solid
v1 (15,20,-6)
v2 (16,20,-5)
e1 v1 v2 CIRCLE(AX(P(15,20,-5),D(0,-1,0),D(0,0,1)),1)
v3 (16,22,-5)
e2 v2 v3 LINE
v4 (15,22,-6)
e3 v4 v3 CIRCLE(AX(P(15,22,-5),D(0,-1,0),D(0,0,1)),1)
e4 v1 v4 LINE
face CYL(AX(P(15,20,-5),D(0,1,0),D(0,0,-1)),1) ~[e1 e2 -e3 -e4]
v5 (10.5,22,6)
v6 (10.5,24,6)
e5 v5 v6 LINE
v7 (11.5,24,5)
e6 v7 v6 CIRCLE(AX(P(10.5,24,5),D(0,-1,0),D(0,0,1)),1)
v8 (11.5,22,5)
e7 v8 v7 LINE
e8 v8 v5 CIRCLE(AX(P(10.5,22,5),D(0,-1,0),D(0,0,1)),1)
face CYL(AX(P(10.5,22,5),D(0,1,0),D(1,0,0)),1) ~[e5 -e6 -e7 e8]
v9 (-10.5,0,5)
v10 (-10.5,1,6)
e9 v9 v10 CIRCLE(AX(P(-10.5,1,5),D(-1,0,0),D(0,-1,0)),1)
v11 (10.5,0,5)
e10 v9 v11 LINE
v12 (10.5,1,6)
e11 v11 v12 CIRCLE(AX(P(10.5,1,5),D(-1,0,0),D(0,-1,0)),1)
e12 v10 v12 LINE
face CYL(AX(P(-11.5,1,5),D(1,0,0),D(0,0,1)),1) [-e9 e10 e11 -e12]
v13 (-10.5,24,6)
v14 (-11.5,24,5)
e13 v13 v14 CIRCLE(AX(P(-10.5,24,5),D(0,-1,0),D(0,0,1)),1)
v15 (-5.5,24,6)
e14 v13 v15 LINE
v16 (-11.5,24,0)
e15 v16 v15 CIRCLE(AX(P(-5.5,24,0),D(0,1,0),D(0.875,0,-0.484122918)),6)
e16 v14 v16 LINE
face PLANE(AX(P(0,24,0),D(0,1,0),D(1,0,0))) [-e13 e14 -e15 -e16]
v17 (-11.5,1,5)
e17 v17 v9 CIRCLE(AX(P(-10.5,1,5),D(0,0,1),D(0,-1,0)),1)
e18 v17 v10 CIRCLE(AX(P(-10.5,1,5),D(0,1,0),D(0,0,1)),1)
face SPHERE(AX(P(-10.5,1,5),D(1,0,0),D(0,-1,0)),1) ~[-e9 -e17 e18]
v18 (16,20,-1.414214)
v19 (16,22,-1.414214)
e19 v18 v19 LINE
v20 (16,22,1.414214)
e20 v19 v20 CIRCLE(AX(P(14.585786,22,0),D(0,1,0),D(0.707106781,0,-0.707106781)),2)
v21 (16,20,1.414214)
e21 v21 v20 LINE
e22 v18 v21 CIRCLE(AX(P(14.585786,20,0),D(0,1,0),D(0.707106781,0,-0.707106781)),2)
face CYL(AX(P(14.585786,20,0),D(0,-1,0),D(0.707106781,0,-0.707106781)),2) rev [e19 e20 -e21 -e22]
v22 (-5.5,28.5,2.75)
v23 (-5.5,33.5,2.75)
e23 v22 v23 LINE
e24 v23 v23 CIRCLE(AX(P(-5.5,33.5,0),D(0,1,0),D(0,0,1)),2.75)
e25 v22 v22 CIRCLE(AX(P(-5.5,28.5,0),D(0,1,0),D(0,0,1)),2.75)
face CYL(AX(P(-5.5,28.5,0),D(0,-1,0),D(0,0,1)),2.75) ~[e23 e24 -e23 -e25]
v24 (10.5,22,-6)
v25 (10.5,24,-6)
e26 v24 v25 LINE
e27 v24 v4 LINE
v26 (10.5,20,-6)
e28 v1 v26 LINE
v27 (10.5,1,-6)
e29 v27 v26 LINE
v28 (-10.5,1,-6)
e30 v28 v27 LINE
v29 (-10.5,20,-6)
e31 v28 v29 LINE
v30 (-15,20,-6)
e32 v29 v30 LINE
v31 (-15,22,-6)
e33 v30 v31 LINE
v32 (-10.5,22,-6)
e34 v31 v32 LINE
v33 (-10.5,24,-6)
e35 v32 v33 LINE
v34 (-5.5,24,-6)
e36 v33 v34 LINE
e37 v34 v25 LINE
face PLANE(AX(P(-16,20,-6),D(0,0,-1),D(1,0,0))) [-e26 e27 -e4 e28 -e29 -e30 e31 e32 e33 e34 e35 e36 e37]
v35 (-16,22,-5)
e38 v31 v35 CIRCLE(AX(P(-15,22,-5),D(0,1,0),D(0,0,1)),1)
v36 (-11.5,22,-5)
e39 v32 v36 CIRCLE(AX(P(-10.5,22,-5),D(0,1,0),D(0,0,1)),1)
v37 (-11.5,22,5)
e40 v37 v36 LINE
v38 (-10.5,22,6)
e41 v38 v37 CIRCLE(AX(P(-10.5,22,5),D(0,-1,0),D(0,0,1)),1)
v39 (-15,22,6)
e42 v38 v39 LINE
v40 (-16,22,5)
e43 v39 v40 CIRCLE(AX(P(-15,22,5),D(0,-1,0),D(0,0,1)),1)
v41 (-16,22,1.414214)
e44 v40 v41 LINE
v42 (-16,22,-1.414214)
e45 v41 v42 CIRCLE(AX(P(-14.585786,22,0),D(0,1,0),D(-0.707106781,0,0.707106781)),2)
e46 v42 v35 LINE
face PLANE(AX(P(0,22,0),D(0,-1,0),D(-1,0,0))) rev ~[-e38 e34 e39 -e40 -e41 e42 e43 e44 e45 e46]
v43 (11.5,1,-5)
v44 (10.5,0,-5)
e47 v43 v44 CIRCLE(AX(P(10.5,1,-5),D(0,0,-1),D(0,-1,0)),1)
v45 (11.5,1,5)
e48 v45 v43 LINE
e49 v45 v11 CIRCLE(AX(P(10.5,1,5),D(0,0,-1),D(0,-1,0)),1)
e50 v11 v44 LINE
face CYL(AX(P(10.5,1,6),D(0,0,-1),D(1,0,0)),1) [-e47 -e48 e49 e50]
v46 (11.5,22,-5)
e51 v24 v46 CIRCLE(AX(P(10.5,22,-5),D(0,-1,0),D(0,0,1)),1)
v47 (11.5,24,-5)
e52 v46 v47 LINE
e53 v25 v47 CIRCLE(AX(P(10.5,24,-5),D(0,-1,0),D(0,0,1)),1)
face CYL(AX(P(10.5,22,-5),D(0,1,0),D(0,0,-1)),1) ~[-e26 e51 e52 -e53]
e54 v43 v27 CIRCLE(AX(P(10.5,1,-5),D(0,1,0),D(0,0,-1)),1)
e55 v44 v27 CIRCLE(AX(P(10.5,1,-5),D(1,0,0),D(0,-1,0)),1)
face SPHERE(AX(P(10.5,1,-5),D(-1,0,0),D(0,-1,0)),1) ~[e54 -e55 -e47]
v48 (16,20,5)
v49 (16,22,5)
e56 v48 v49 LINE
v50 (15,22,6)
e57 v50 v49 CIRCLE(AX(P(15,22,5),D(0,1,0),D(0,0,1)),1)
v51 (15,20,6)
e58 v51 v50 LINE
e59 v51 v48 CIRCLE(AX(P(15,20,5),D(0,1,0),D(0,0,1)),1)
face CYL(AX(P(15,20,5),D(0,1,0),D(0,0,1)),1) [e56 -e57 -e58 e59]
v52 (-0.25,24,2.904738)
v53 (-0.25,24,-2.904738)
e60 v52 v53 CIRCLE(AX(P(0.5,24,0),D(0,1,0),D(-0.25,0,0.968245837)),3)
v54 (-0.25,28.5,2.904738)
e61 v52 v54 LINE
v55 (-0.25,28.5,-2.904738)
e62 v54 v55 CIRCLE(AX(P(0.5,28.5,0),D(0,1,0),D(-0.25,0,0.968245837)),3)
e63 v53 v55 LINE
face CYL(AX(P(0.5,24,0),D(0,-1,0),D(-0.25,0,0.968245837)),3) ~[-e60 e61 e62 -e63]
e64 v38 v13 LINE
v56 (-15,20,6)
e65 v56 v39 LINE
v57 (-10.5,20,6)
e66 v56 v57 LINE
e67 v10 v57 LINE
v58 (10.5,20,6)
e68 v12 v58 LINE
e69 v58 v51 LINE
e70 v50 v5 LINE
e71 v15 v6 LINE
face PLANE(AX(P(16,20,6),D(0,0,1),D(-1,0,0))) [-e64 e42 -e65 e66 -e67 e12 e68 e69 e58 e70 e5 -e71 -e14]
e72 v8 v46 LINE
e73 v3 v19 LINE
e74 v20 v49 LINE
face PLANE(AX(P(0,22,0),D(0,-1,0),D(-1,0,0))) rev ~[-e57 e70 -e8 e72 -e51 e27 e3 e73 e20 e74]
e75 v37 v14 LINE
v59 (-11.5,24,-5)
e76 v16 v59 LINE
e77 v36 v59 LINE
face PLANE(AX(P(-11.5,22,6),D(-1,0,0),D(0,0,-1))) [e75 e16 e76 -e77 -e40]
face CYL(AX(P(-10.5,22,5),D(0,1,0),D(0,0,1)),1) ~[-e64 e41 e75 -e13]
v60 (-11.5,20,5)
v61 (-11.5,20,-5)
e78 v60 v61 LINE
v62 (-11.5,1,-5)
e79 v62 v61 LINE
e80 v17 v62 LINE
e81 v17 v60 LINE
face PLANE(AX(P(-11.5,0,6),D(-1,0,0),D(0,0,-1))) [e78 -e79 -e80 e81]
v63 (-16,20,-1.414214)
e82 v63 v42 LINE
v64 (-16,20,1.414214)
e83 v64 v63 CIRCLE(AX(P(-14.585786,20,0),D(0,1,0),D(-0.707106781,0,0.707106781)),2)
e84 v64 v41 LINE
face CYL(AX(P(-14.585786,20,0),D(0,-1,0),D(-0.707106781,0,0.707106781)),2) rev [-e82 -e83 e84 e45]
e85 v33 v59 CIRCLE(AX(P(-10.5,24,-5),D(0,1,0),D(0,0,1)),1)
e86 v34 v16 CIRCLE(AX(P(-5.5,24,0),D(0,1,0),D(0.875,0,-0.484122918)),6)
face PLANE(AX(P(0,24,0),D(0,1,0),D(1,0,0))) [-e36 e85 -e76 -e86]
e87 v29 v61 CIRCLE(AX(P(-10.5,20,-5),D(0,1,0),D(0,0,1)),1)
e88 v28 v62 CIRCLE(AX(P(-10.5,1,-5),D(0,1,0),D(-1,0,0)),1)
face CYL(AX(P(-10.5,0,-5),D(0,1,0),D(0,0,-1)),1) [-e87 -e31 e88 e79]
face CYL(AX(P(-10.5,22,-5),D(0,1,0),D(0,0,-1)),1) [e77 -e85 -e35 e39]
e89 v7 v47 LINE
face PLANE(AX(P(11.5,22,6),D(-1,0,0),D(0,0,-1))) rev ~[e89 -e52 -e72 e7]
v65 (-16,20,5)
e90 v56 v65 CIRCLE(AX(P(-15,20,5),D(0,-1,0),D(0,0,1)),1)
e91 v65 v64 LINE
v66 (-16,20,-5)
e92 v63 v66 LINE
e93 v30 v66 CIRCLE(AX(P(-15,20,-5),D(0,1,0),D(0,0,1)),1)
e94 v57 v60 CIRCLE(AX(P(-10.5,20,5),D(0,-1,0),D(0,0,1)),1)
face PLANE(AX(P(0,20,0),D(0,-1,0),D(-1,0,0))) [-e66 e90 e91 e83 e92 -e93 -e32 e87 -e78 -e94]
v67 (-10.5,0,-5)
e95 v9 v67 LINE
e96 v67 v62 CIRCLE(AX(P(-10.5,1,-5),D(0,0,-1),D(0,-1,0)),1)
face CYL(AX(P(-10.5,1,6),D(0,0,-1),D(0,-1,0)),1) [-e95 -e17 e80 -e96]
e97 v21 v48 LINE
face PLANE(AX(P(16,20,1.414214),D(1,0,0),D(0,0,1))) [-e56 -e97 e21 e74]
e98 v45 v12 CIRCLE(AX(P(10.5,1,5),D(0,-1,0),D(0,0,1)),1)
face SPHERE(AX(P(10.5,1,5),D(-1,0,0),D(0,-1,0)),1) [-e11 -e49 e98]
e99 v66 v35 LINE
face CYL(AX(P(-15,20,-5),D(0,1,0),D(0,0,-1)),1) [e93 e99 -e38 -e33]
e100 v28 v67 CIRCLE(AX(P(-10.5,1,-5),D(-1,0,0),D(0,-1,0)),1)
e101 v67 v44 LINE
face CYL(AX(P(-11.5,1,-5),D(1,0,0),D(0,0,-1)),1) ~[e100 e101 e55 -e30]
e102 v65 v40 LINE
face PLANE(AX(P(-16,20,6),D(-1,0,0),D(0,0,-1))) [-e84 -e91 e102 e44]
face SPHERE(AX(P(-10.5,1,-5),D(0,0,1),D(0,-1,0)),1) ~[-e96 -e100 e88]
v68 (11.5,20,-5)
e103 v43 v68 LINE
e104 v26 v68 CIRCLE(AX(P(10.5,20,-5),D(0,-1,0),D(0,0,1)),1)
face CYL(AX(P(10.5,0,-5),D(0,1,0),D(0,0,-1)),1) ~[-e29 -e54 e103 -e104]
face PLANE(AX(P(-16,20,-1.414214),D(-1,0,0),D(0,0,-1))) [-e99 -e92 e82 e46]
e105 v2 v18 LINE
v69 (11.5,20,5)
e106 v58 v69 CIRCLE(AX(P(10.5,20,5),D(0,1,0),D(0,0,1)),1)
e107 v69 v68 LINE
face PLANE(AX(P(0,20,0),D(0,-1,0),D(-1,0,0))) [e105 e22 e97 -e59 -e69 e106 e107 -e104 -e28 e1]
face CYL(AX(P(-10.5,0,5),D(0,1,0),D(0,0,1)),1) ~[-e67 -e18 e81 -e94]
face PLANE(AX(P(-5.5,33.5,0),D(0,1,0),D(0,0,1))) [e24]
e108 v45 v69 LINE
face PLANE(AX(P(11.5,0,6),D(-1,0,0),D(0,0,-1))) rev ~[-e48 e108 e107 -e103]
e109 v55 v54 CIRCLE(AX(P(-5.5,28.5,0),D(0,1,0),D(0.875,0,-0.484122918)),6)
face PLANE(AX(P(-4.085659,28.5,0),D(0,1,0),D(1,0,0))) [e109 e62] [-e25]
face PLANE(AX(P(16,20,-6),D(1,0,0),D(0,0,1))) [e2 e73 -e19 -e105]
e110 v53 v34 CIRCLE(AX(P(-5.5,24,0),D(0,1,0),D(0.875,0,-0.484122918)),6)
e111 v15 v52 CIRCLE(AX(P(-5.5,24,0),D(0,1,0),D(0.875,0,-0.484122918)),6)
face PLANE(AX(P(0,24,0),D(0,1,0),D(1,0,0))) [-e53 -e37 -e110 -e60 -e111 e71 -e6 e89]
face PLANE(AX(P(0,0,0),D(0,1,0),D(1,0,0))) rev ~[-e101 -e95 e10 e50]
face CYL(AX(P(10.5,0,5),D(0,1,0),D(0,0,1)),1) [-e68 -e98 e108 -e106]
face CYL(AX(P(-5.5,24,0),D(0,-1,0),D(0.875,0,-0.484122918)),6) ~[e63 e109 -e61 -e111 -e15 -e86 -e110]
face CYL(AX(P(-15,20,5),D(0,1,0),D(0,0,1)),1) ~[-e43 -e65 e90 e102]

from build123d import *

# Parameters (mm, degrees)
SKETCH1_W           = 23
SKETCH1_H           = 12
BOSS_EXTRUDE1_DEPTH = 20
BOSS_EXTRUDE2_DEPTH = 2
SKETCH3_W           = 23
SKETCH3_H           = 12
BOSS_EXTRUDE3_DEPTH = 2
BOSS_EXTRUDE4_DEPTH = 4.5
SKETCH5_R           = 2.75
BOSS_EXTRUDE5_DEPTH = 5
FILLET1_R           = 1


with BuildPart() as part:
    # Sketch1 → Boss-Extrude1 (new body)
    with BuildSketch(Plane(origin=(0, 0, 0), x_dir=(1, 0, 0), z_dir=(0, 1, 0))):
        Rectangle(SKETCH1_W, SKETCH1_H)
    extrude(amount=BOSS_EXTRUDE1_DEPTH)

    # Sketch2 → Boss-Extrude2 (add)
    with BuildSketch(Plane(origin=(0, 20, 0), x_dir=(1, 0, 0), z_dir=(0, 1, 0))):
        with BuildLine():
            Line((-16, 6), (16, 6))
            Line((16, 6), (16, 1.414213562))
            ThreePointArc((16, 1.414213562), (12.585786438, 0), (16, -1.414213562))
            Line((16, -1.414213562), (16, -6))
            Line((16, -6), (-16, -6))
            Line((-16, -6), (-16, -1.414213562))
            ThreePointArc((-16, -1.414213562), (-12.585786438, 0), (-16, 1.414213562))
            Line((-16, 1.414213562), (-16, 6))
        make_face()
    extrude(amount=BOSS_EXTRUDE2_DEPTH)

    # Sketch3 → Boss-Extrude3 (add)
    with BuildSketch(Plane(origin=(0, 22, 0), x_dir=(1, 0, 0), z_dir=(0, 1, 0))):
        Rectangle(SKETCH3_W, SKETCH3_H)
    extrude(amount=BOSS_EXTRUDE3_DEPTH)

    # Sketch4 → Boss-Extrude4 (add)
    with BuildSketch(Plane(origin=(0, 24, 0), x_dir=(1, 0, 0), z_dir=(0, 1, 0))):
        with BuildLine():
            ThreePointArc((-0.25, 2.90473751), (-11.5, 0), (-0.25, -2.90473751))
            ThreePointArc((-0.25, -2.90473751), (3.5, 0), (-0.25, 2.90473751))
        make_face()
    extrude(amount=BOSS_EXTRUDE4_DEPTH)

    # Sketch5 → Boss-Extrude5 (add)
    with BuildSketch(Plane(origin=(0, 28.5, 0), x_dir=(1, 0, 0), z_dir=(0, 1, 0))):
        with Locations(Location((-5.5, 0, 0), (0, 0, 270))):
            Circle(SKETCH5_R)
    extrude(amount=BOSS_EXTRUDE5_DEPTH)

    # Fillet1
    fillet1_edges = [part.edges().sort_by_distance(p)[0] for p in [
        (16, 21, 6),
        (16, 21, -6),
        (-16, 21, -6),
        (-16, 21, 6),
        (11.5, 23, 6),
        (11.5, 23, -6),
        (-11.5, 23, -6),
        (-11.5, 23, 6),
        (0, 0, 6),
        (-11.5, 0, 0),
        (0, 0, -6),
        (11.5, 0, 0),
        (11.5, 10, 6),
        (-11.5, 10, 6),
        (-11.5, 10, -6),
        (11.5, 10, -6),
    ]]
    fillet(fillet1_edges, radius=FILLET1_R)


solid = part.part
